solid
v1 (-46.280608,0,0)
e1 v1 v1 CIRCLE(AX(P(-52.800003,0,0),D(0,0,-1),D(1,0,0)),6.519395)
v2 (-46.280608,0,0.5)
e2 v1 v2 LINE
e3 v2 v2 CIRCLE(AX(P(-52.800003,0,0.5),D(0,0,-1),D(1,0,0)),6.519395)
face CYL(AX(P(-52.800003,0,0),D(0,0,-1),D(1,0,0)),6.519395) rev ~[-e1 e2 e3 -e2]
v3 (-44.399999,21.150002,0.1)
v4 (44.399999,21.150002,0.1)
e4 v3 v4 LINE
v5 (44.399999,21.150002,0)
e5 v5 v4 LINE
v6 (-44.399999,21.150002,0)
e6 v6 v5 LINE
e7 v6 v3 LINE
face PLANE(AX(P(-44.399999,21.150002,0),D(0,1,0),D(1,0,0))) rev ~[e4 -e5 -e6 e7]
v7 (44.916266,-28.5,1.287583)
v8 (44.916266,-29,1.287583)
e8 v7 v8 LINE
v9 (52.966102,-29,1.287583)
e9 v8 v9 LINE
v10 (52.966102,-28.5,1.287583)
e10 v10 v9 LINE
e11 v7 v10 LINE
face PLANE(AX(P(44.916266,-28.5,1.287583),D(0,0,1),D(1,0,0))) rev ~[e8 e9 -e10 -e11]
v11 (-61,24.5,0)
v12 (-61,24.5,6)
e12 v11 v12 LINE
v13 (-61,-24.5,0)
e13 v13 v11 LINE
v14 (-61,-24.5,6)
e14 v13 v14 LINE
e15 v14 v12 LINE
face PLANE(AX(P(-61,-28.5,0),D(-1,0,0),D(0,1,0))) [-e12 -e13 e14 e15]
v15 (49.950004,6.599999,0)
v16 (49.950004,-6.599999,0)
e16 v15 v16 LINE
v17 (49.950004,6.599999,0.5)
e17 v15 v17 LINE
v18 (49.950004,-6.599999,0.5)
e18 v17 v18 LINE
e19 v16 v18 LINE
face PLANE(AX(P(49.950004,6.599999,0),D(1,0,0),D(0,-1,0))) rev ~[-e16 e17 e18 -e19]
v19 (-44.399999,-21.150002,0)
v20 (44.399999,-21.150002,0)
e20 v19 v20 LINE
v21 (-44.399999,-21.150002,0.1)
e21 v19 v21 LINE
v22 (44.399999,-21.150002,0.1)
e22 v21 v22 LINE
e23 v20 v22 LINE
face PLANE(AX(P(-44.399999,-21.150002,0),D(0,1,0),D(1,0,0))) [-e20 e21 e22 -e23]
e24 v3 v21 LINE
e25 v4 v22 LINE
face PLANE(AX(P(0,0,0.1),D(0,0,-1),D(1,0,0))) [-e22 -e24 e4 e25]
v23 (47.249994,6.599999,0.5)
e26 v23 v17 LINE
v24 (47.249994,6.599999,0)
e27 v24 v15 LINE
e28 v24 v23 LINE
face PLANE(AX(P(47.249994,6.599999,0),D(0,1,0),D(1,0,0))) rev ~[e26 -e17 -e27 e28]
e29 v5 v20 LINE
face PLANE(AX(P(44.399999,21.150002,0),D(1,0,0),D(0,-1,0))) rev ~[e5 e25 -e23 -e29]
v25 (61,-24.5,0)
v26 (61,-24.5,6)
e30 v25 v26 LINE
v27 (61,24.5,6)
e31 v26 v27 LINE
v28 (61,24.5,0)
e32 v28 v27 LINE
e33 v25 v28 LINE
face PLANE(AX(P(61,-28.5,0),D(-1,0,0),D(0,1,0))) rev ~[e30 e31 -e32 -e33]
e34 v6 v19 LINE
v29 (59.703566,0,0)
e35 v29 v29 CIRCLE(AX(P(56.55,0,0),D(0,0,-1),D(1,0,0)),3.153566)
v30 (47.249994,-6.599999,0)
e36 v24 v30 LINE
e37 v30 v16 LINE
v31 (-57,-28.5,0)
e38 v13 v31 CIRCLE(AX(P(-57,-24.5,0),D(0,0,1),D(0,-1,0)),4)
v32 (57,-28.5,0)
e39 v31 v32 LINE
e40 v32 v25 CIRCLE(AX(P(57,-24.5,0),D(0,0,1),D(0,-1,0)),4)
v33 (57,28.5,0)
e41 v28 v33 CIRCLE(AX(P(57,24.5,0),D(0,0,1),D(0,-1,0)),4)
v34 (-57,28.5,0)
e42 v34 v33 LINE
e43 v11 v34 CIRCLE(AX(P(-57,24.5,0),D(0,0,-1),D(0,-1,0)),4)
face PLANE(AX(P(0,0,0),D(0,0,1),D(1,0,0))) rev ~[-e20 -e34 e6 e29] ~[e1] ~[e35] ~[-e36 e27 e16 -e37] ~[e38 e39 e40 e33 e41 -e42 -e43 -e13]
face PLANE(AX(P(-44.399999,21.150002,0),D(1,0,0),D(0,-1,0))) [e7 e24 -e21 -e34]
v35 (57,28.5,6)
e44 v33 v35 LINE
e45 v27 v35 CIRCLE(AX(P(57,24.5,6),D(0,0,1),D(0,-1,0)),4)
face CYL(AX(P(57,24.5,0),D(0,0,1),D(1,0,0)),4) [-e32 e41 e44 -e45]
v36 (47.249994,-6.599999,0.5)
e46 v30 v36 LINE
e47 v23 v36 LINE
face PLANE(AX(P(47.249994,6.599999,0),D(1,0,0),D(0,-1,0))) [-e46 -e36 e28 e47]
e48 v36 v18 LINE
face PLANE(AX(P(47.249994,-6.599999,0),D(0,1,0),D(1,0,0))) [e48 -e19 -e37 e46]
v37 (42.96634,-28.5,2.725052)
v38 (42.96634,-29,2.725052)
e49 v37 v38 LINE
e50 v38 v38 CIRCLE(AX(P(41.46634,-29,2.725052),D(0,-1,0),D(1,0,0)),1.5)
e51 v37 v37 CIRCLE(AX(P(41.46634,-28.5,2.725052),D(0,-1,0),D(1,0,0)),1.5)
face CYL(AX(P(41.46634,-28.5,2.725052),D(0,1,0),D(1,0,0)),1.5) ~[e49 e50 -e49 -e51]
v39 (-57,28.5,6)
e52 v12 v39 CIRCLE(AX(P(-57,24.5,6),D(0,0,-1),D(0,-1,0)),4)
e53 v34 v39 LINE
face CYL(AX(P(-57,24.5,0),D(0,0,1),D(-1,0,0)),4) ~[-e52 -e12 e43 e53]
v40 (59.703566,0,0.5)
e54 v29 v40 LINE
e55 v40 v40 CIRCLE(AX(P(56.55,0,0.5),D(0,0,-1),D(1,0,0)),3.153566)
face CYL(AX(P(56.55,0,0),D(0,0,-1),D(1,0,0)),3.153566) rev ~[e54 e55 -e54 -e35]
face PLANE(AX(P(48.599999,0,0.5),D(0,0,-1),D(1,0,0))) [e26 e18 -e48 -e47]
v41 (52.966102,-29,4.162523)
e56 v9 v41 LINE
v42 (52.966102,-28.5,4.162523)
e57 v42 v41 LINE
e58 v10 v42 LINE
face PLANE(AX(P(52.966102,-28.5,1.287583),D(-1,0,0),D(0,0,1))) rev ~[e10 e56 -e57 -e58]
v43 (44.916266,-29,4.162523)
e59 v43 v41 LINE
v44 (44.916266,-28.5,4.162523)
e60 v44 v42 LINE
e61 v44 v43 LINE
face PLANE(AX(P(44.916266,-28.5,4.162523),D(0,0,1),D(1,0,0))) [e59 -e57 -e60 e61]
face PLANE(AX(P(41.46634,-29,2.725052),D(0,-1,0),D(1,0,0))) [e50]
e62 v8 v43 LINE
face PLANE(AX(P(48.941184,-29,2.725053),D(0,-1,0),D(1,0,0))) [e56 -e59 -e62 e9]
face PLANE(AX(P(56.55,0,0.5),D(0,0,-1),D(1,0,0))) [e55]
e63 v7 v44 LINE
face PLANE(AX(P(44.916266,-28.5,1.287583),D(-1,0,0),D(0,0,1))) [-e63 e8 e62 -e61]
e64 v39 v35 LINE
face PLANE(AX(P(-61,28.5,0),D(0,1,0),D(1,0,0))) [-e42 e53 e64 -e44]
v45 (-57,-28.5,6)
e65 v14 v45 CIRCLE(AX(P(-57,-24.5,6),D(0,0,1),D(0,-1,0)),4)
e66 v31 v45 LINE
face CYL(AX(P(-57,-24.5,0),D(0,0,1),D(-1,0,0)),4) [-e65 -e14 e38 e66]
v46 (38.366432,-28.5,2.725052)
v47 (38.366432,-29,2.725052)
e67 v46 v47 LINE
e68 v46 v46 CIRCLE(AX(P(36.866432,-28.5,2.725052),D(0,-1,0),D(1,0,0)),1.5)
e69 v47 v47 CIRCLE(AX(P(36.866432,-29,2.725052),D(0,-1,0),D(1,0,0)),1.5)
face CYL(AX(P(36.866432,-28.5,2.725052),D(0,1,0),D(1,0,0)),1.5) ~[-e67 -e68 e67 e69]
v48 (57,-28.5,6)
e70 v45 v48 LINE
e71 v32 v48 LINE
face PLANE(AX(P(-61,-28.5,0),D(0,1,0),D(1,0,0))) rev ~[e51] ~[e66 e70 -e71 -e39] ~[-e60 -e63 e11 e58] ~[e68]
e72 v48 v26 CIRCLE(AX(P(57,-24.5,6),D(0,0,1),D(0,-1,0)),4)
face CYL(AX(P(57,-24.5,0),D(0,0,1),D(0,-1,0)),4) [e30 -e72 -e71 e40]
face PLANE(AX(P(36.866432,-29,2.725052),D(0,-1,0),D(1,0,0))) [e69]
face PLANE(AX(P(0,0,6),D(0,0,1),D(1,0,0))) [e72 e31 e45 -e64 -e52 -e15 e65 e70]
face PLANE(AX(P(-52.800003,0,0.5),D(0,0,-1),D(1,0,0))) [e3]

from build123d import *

# Parameters (mm, degrees)
F0_W      = 122
F0_H      = 57
F1_DEPTH  = 6
F2_R      = 4
F3_R      = 1.5
F3_W      = 8.049835
F3_H      = 2.874941
F4_DEPTH  = 0.5
F5_R      = 6.519395
F6_DEPTH  = 0.5
F7_W      = 88.799998
F7_H      = 42.300004
F8_DEPTH  = 0.1
F9_R      = 3.153566
F9_W      = 2.700009
F9_H      = 13.199998
F10_DEPTH = 0.5


with BuildPart() as f1:
    # F0 (on Top) → F1 (new body)
    with BuildSketch(Plane.XY):
        Rectangle(F0_W, F0_H)
    extrude(amount=F1_DEPTH)

    # F2
    f2_edges = [f1.edges().sort_by_distance(p)[0] for p in [
        (61, 28.5, 3),
        (61, -28.5, 3),
        (-61, 28.5, 3),
        (-61, -28.5, 3),
    ]]
    fillet(f2_edges, radius=F2_R)

    # F3 (on face) → F4 (join)
    with BuildSketch(Plane.XZ.offset(28.5)):
        with Locations((36.866432, 2.725052)):
            Circle(F3_R)
        with Locations((41.46634, 2.725052)):
            Circle(F3_R)
        with Locations((48.941184, 2.725053)):
            Rectangle(F3_W, F3_H)
    extrude(amount=F4_DEPTH)

    # F5 (on face) → F6 (cut)
    with BuildSketch(Plane(origin=(0, 0, 0), x_dir=(1, 0, 0), z_dir=(0, 0, -1))):
        with Locations((-52.800003, 0)):
            Circle(F5_R)
    extrude(amount=-F6_DEPTH, mode=Mode.SUBTRACT)

    # F7 (on face) → F8 (cut)
    with BuildSketch(Plane(origin=(0, 0, 0), x_dir=(1, 0, 0), z_dir=(0, 0, -1))):
        Rectangle(F7_W, F7_H)
    extrude(amount=-F8_DEPTH, mode=Mode.SUBTRACT)

    # F9 (on face) → F10 (cut)
    with BuildSketch(Plane(origin=(0, 0, 0), x_dir=(1, 0, 0), z_dir=(0, 0, -1))):
        with Locations((56.55, 0)):
            Circle(F9_R)
        with Locations((48.599999, 0)):
            Rectangle(F9_W, F9_H)
    extrude(amount=-F10_DEPTH, mode=Mode.SUBTRACT)


solid = f1.part
